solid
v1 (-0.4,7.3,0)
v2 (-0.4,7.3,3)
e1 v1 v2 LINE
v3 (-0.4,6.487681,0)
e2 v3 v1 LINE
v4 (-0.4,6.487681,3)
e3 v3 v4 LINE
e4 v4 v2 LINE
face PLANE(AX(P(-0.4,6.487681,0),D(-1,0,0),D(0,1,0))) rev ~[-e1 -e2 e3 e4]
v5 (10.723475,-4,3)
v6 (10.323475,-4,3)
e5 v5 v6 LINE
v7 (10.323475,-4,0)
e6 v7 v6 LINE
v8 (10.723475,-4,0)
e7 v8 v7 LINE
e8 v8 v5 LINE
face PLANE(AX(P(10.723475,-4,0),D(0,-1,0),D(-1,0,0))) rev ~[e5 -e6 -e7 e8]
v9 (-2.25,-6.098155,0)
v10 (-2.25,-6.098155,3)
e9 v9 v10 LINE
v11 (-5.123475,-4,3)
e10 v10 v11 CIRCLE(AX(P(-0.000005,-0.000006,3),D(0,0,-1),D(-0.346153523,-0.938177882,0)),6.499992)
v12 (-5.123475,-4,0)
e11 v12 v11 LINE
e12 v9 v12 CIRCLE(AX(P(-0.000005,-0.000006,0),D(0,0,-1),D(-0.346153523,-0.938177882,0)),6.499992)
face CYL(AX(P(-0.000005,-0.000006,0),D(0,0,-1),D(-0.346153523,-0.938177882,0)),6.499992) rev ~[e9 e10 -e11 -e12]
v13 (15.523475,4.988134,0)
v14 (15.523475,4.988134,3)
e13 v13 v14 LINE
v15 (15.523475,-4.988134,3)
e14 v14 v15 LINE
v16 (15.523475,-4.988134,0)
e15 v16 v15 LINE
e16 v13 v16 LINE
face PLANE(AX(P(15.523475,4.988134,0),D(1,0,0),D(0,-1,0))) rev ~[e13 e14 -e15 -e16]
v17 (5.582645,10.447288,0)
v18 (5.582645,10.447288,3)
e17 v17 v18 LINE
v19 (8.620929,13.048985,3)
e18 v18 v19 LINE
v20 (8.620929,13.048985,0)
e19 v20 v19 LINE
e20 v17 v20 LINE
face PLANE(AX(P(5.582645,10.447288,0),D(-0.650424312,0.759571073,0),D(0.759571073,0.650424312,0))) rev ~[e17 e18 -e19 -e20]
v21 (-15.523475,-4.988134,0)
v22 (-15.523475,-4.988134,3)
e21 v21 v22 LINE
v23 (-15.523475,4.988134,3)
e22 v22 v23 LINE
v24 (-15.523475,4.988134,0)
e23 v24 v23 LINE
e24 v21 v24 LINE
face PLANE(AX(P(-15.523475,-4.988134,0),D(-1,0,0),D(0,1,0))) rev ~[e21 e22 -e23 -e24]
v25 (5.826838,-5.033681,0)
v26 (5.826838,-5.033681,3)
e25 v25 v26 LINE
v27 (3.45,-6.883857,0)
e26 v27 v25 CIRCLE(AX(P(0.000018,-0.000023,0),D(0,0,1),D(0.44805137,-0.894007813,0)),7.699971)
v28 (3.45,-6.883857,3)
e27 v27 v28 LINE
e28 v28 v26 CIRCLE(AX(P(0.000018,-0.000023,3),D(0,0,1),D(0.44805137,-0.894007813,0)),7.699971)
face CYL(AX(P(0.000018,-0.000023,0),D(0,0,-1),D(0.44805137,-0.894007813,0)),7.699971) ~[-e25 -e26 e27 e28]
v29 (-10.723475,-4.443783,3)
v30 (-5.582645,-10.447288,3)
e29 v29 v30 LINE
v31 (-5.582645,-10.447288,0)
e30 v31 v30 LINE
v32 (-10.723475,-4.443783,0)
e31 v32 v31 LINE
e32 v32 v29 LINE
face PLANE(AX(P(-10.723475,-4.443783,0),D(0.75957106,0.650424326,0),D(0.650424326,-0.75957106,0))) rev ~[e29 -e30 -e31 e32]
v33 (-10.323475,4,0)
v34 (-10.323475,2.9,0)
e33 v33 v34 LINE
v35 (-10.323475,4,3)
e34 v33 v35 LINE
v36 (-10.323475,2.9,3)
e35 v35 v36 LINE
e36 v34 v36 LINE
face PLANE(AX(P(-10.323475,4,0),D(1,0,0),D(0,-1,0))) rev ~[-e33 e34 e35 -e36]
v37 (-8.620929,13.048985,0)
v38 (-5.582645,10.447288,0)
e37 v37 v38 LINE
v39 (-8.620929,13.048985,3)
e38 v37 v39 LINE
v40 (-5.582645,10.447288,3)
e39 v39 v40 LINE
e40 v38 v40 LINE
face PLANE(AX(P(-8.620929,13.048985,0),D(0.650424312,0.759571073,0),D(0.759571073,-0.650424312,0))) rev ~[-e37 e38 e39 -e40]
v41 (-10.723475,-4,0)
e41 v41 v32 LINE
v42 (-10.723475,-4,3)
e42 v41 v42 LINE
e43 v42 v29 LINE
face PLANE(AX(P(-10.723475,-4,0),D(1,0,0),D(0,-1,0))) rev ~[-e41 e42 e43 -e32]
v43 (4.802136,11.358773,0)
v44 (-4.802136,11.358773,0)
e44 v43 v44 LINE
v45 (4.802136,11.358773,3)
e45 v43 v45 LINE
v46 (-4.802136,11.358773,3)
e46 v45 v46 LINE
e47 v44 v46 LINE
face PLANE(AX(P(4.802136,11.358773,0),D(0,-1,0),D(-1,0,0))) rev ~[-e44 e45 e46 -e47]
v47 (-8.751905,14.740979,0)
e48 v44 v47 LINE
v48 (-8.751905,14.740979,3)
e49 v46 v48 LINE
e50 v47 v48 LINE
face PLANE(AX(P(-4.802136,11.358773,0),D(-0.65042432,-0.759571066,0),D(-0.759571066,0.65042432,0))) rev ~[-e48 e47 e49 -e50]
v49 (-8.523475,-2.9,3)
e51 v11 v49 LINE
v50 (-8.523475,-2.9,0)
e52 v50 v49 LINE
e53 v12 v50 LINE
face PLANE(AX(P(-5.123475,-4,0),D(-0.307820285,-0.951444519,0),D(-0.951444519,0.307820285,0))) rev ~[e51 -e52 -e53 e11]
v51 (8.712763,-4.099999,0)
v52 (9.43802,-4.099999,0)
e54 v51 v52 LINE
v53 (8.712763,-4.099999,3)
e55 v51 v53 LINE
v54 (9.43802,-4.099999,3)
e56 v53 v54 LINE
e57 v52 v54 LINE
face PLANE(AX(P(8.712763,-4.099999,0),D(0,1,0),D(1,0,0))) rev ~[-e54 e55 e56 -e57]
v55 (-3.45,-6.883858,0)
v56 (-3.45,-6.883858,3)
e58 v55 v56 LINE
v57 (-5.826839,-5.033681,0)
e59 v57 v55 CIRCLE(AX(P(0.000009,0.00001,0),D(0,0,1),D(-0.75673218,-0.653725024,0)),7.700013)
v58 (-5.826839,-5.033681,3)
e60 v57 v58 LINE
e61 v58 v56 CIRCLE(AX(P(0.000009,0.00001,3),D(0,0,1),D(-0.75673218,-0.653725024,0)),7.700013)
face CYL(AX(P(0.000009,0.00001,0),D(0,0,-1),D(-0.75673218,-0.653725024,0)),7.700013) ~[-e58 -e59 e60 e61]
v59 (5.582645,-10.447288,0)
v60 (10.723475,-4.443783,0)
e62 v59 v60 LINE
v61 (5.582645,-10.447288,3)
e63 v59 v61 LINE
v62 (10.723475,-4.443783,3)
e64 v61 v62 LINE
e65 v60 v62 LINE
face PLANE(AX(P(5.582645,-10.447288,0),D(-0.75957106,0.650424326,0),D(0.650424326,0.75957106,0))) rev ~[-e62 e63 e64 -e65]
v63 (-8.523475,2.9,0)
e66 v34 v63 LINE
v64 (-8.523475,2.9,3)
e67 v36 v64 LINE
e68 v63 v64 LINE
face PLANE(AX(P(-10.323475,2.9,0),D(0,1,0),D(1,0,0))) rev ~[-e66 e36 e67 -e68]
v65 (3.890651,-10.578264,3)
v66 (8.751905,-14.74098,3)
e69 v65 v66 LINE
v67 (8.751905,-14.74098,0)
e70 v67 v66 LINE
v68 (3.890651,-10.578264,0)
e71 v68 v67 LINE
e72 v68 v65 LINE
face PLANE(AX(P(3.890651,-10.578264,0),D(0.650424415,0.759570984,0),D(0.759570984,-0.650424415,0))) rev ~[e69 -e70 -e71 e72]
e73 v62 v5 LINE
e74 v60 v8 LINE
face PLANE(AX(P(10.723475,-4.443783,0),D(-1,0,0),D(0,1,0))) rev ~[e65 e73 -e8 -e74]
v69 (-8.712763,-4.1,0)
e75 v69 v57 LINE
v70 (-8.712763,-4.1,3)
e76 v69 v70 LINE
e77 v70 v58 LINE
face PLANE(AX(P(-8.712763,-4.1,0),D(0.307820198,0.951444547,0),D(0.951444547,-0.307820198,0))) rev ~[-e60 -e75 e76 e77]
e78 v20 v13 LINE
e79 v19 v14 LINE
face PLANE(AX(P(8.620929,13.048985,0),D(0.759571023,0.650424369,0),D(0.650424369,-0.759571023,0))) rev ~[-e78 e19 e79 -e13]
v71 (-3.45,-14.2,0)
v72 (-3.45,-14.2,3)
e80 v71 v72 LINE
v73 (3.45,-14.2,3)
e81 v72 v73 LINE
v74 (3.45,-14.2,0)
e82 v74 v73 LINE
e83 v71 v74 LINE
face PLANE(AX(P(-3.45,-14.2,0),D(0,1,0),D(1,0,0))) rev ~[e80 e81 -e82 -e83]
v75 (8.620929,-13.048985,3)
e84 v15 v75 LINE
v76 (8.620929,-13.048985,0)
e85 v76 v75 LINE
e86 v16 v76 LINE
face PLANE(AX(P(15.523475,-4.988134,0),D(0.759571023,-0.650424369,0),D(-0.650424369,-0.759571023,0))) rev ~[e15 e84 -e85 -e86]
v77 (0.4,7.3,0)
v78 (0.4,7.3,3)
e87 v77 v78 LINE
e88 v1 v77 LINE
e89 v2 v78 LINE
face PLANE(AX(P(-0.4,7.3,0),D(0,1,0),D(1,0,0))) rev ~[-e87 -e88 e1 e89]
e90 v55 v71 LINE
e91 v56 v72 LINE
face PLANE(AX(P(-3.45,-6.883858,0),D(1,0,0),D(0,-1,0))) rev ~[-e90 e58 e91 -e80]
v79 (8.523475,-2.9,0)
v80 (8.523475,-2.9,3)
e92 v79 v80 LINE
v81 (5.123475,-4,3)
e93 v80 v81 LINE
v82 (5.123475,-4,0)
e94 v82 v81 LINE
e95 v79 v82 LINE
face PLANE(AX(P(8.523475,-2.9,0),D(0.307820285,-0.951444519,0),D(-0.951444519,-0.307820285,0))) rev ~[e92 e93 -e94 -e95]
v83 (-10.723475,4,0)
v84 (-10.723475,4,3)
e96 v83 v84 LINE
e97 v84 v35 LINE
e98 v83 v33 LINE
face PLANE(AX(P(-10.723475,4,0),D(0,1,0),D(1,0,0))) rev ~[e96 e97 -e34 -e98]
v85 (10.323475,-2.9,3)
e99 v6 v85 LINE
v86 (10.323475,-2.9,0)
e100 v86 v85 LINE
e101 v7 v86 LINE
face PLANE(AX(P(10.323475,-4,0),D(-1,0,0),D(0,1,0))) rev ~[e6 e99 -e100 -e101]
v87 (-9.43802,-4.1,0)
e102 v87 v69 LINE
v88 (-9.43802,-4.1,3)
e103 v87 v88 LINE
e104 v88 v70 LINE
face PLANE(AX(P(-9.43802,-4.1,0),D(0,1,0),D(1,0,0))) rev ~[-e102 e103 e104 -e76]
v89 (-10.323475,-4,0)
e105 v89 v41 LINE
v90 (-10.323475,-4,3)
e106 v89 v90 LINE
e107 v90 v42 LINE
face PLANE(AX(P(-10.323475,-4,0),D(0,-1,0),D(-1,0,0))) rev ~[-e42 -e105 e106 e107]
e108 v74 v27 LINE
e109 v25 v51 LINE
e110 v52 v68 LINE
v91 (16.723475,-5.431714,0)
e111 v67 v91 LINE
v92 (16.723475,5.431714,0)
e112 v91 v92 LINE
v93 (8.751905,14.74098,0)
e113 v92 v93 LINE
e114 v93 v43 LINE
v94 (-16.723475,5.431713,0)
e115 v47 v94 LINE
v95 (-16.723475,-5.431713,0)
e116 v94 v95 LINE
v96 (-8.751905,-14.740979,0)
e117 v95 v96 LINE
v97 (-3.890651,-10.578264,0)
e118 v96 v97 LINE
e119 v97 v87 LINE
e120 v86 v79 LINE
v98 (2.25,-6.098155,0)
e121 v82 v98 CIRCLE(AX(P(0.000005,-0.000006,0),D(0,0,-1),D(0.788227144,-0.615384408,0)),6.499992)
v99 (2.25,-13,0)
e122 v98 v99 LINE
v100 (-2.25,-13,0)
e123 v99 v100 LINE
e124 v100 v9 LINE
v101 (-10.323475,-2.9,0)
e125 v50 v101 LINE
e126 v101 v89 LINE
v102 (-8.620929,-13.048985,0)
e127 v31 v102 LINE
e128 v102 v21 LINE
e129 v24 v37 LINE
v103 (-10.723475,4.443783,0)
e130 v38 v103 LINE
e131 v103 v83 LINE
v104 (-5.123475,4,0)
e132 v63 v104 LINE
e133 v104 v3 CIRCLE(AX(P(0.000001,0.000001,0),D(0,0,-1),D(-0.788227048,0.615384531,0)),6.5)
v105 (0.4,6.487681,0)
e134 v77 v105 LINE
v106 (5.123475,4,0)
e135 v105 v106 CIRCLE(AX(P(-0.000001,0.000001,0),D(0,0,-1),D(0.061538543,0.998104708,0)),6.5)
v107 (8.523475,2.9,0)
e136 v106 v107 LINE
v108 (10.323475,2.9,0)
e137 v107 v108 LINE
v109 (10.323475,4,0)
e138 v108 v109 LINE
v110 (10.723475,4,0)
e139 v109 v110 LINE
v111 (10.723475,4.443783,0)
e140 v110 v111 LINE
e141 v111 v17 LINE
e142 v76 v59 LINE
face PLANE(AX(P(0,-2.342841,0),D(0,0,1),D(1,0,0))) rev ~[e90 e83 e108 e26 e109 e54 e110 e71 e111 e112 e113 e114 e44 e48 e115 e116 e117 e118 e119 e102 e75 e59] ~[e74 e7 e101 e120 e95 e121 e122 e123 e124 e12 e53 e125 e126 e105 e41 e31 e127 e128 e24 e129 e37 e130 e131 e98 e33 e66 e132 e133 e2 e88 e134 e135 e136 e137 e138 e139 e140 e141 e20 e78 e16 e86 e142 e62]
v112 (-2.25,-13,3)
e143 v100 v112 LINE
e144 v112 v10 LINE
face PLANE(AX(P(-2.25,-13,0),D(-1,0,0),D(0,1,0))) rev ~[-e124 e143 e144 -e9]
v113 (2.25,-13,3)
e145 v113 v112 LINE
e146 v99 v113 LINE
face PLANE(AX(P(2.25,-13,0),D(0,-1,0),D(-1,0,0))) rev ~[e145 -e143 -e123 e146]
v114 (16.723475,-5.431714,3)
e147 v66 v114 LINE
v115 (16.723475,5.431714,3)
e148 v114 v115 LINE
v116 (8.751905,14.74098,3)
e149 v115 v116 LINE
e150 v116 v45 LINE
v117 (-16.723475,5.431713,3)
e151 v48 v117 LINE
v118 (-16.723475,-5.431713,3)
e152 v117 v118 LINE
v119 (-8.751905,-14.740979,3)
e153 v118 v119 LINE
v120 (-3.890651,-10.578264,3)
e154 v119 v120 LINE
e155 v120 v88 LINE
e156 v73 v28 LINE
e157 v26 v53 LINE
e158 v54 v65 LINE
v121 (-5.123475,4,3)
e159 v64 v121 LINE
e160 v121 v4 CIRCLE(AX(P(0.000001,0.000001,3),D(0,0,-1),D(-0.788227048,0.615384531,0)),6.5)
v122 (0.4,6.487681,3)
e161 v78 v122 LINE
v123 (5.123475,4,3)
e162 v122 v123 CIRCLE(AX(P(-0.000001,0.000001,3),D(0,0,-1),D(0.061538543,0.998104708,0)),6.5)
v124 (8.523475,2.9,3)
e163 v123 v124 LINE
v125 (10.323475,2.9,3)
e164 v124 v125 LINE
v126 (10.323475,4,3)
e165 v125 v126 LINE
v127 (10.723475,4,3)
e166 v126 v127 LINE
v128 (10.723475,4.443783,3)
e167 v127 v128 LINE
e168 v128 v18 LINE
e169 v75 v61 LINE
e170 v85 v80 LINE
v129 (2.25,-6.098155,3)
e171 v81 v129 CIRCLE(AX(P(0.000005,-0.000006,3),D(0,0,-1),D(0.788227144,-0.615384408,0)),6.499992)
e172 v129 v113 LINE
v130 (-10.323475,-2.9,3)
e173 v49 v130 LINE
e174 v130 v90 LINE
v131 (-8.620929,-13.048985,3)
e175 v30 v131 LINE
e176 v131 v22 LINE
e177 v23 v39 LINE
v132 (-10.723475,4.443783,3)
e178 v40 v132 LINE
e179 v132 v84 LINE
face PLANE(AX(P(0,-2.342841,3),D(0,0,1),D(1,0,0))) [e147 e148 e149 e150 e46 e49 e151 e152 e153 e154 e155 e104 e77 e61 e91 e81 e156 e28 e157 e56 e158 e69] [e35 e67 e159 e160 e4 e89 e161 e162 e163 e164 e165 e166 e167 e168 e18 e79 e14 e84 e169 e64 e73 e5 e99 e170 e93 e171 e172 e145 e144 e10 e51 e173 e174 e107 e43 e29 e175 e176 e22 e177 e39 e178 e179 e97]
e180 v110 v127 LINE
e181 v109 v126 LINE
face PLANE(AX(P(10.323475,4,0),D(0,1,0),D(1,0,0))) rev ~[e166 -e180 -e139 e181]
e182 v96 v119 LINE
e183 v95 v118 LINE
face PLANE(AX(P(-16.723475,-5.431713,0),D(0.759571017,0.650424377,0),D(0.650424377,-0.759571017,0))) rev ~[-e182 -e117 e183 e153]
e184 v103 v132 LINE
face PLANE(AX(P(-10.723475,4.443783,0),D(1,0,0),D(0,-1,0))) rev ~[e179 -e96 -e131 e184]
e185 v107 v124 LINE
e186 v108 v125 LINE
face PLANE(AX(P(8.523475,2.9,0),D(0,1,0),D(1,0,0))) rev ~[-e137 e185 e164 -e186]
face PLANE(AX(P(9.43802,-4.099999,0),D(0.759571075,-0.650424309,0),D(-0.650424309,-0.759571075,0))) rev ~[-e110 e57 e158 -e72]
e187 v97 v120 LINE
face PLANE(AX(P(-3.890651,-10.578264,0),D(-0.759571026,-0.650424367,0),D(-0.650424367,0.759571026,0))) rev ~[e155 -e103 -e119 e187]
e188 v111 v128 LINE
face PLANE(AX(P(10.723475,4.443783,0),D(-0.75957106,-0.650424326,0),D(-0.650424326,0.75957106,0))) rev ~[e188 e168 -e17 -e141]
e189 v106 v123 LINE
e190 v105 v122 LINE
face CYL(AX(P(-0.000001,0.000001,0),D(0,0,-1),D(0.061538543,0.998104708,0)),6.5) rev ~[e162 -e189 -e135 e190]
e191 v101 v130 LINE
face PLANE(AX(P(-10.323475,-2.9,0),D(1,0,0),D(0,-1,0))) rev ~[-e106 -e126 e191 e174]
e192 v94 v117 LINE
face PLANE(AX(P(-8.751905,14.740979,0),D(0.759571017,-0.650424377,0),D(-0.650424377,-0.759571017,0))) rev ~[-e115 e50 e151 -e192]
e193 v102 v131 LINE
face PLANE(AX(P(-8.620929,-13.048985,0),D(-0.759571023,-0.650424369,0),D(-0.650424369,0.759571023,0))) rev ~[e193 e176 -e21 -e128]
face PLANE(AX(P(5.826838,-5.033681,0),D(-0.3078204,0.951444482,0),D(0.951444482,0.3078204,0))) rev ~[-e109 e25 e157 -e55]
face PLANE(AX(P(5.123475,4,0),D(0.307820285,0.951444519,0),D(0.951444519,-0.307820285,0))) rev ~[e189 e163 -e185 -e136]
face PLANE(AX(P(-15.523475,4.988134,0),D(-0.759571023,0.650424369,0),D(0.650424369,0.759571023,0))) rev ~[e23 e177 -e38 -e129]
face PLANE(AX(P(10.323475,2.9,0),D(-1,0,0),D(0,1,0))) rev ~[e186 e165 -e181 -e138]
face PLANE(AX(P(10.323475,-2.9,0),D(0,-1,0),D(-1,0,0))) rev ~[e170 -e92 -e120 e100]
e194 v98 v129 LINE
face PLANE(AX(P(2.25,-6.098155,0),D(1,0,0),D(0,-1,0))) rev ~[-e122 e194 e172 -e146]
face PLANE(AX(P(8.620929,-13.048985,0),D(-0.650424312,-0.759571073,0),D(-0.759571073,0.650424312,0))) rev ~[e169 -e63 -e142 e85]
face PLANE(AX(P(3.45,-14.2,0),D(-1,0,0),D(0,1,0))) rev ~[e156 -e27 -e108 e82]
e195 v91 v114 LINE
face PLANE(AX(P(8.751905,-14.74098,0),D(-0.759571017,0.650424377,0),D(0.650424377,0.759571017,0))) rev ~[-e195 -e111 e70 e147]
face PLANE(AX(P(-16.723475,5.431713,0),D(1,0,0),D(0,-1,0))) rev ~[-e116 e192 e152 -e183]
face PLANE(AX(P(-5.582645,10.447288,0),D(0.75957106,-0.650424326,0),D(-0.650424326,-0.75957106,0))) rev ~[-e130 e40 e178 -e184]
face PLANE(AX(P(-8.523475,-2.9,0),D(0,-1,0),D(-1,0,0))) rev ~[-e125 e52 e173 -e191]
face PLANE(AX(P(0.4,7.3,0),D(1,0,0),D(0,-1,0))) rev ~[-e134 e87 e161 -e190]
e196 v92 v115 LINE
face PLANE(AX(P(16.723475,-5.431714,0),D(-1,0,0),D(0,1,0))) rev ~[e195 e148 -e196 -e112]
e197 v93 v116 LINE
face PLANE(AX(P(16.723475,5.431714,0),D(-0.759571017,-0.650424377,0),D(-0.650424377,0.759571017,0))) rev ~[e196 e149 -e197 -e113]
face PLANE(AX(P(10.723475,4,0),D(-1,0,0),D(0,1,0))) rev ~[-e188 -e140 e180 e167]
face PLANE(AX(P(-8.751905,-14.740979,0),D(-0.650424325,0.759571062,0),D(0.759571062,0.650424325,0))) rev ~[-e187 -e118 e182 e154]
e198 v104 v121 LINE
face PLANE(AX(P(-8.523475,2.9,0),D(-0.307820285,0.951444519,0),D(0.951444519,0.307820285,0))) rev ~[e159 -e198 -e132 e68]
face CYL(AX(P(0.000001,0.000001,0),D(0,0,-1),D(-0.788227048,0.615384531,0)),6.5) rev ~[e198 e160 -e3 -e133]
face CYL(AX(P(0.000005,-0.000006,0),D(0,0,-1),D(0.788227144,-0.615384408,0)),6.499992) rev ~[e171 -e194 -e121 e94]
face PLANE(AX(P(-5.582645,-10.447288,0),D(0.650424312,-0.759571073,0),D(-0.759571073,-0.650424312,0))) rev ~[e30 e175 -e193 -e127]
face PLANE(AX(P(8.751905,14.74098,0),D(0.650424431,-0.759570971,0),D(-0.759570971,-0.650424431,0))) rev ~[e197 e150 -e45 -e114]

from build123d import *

# Parameters (mm, degrees)
F1_DEPTH = 3


with BuildPart() as f1:
    # F0 (on Top) → F1 (new body)
    with BuildSketch(Plane.XY):
        with BuildLine():
            Line((16.723475, 5.431714), (8.751905, 14.74098))
            Line((8.751905, 14.74098), (4.802136, 11.358773))
            Line((4.802136, 11.358773), (-4.802136, 11.358773))
            Line((-4.802136, 11.358773), (-8.751905, 14.740979))
            Line((-8.751905, 14.740979), (-16.723475, 5.431713))
            Line((-16.723475, 5.431713), (-16.723475, 0))
            Line((-16.723475, 0), (-16.723475, -5.431713))
            Line((-16.723475, -5.431713), (-8.751905, -14.740979))
            Line((-8.751905, -14.740979), (-3.890651, -10.578264))
            Line((-3.890651, -10.578264), (-9.43802, -4.1))
            Line((-9.43802, -4.1), (-8.712763, -4.1))
            Line((-8.712763, -4.1), (-5.826839, -5.033681))
            ThreePointArc((-5.826839, -5.033681), (-4.72977, -6.076123), (-3.45, -6.883858))
            Line((-3.45, -6.883858), (-3.45, -14.2))
            Line((-3.45, -14.2), (3.45, -14.2))
            Line((3.45, -14.2), (3.45, -6.883857))
            ThreePointArc((3.45, -6.883857), (4.72977, -6.076123), (5.826838, -5.033681))
            Line((5.826838, -5.033681), (8.712763, -4.099999))
            Line((8.712763, -4.099999), (9.43802, -4.099999))
            Line((9.43802, -4.099999), (3.890651, -10.578264))
            Line((3.890651, -10.578264), (8.751905, -14.74098))
            Line((8.751905, -14.74098), (16.723475, -5.431714))
            Line((16.723475, -5.431714), (16.723475, 0))
            Line((16.723475, 0), (16.723475, 5.431714))
        make_face()
        with BuildLine():
            ThreePointArc((-2.25, -6.098155), (-3.833093, -5.249514), (-5.123475, -4))
            Line((-5.123475, -4), (-8.523475, -2.9))
            Line((-8.523475, -2.9), (-10.323475, -2.9))
            Line((-10.323475, -2.9), (-10.323475, -4))
            Line((-10.323475, -4), (-10.723475, -4))
            Line((-10.723475, -4), (-10.723475, -4.443783))
            Line((-10.723475, -4.443783), (-5.582645, -10.447288))
            Line((-5.582645, -10.447288), (-8.620929, -13.048985))
            Line((-8.620929, -13.048985), (-15.523475, -4.988134))
            Line((-15.523475, -4.988134), (-15.523475, 0))
            Line((-15.523475, 0), (-15.523475, 4.988134))
            Line((-15.523475, 4.988134), (-8.620929, 13.048985))
            Line((-8.620929, 13.048985), (-5.582645, 10.447288))
            Line((-5.582645, 10.447288), (-10.723475, 4.443783))
            Line((-10.723475, 4.443783), (-10.723475, 4))
            Line((-10.723475, 4), (-10.323475, 4))
            Line((-10.323475, 4), (-10.323475, 2.9))
            Line((-10.323475, 2.9), (-8.523475, 2.9))
            Line((-8.523475, 2.9), (-5.123475, 4))
            ThreePointArc((-5.123475, 4), (-3.028916, 5.751145), (-0.4, 6.487681))
            Line((-0.4, 6.487681), (-0.4, 7.3))
            Line((-0.4, 7.3), (0, 7.3))
            Line((0, 7.3), (0.4, 7.3))
            Line((0.4, 7.3), (0.4, 6.487681))
            ThreePointArc((0.4, 6.487681), (3.028916, 5.751145), (5.123475, 4))
            Line((5.123475, 4), (8.523475, 2.9))
            Line((8.523475, 2.9), (10.323475, 2.9))
            Line((10.323475, 2.9), (10.323475, 4))
            Line((10.323475, 4), (10.723475, 4))
            Line((10.723475, 4), (10.723475, 4.443783))
            Line((10.723475, 4.443783), (5.582645, 10.447288))
            Line((5.582645, 10.447288), (8.620929, 13.048985))
            Line((8.620929, 13.048985), (15.523475, 4.988134))
            Line((15.523475, 4.988134), (15.523475, 0))
            Line((15.523475, 0), (15.523475, -4.988134))
            Line((15.523475, -4.988134), (8.620929, -13.048985))
            Line((8.620929, -13.048985), (5.582645, -10.447288))
            Line((5.582645, -10.447288), (10.723475, -4.443783))
            Line((10.723475, -4.443783), (10.723475, -4))
            Line((10.723475, -4), (10.323475, -4))
            Line((10.323475, -4), (10.323475, -2.9))
            Line((10.323475, -2.9), (8.523475, -2.9))
            Line((8.523475, -2.9), (5.123475, -4))
            ThreePointArc((5.123475, -4), (3.833093, -5.249514), (2.25, -6.098155))
            Line((2.25, -6.098155), (2.25, -13))
            Line((2.25, -13), (-2.25, -13))
            Line((-2.25, -13), (-2.25, -6.098155))
        make_face(mode=Mode.SUBTRACT)
    extrude(amount=F1_DEPTH)


solid = f1.part
